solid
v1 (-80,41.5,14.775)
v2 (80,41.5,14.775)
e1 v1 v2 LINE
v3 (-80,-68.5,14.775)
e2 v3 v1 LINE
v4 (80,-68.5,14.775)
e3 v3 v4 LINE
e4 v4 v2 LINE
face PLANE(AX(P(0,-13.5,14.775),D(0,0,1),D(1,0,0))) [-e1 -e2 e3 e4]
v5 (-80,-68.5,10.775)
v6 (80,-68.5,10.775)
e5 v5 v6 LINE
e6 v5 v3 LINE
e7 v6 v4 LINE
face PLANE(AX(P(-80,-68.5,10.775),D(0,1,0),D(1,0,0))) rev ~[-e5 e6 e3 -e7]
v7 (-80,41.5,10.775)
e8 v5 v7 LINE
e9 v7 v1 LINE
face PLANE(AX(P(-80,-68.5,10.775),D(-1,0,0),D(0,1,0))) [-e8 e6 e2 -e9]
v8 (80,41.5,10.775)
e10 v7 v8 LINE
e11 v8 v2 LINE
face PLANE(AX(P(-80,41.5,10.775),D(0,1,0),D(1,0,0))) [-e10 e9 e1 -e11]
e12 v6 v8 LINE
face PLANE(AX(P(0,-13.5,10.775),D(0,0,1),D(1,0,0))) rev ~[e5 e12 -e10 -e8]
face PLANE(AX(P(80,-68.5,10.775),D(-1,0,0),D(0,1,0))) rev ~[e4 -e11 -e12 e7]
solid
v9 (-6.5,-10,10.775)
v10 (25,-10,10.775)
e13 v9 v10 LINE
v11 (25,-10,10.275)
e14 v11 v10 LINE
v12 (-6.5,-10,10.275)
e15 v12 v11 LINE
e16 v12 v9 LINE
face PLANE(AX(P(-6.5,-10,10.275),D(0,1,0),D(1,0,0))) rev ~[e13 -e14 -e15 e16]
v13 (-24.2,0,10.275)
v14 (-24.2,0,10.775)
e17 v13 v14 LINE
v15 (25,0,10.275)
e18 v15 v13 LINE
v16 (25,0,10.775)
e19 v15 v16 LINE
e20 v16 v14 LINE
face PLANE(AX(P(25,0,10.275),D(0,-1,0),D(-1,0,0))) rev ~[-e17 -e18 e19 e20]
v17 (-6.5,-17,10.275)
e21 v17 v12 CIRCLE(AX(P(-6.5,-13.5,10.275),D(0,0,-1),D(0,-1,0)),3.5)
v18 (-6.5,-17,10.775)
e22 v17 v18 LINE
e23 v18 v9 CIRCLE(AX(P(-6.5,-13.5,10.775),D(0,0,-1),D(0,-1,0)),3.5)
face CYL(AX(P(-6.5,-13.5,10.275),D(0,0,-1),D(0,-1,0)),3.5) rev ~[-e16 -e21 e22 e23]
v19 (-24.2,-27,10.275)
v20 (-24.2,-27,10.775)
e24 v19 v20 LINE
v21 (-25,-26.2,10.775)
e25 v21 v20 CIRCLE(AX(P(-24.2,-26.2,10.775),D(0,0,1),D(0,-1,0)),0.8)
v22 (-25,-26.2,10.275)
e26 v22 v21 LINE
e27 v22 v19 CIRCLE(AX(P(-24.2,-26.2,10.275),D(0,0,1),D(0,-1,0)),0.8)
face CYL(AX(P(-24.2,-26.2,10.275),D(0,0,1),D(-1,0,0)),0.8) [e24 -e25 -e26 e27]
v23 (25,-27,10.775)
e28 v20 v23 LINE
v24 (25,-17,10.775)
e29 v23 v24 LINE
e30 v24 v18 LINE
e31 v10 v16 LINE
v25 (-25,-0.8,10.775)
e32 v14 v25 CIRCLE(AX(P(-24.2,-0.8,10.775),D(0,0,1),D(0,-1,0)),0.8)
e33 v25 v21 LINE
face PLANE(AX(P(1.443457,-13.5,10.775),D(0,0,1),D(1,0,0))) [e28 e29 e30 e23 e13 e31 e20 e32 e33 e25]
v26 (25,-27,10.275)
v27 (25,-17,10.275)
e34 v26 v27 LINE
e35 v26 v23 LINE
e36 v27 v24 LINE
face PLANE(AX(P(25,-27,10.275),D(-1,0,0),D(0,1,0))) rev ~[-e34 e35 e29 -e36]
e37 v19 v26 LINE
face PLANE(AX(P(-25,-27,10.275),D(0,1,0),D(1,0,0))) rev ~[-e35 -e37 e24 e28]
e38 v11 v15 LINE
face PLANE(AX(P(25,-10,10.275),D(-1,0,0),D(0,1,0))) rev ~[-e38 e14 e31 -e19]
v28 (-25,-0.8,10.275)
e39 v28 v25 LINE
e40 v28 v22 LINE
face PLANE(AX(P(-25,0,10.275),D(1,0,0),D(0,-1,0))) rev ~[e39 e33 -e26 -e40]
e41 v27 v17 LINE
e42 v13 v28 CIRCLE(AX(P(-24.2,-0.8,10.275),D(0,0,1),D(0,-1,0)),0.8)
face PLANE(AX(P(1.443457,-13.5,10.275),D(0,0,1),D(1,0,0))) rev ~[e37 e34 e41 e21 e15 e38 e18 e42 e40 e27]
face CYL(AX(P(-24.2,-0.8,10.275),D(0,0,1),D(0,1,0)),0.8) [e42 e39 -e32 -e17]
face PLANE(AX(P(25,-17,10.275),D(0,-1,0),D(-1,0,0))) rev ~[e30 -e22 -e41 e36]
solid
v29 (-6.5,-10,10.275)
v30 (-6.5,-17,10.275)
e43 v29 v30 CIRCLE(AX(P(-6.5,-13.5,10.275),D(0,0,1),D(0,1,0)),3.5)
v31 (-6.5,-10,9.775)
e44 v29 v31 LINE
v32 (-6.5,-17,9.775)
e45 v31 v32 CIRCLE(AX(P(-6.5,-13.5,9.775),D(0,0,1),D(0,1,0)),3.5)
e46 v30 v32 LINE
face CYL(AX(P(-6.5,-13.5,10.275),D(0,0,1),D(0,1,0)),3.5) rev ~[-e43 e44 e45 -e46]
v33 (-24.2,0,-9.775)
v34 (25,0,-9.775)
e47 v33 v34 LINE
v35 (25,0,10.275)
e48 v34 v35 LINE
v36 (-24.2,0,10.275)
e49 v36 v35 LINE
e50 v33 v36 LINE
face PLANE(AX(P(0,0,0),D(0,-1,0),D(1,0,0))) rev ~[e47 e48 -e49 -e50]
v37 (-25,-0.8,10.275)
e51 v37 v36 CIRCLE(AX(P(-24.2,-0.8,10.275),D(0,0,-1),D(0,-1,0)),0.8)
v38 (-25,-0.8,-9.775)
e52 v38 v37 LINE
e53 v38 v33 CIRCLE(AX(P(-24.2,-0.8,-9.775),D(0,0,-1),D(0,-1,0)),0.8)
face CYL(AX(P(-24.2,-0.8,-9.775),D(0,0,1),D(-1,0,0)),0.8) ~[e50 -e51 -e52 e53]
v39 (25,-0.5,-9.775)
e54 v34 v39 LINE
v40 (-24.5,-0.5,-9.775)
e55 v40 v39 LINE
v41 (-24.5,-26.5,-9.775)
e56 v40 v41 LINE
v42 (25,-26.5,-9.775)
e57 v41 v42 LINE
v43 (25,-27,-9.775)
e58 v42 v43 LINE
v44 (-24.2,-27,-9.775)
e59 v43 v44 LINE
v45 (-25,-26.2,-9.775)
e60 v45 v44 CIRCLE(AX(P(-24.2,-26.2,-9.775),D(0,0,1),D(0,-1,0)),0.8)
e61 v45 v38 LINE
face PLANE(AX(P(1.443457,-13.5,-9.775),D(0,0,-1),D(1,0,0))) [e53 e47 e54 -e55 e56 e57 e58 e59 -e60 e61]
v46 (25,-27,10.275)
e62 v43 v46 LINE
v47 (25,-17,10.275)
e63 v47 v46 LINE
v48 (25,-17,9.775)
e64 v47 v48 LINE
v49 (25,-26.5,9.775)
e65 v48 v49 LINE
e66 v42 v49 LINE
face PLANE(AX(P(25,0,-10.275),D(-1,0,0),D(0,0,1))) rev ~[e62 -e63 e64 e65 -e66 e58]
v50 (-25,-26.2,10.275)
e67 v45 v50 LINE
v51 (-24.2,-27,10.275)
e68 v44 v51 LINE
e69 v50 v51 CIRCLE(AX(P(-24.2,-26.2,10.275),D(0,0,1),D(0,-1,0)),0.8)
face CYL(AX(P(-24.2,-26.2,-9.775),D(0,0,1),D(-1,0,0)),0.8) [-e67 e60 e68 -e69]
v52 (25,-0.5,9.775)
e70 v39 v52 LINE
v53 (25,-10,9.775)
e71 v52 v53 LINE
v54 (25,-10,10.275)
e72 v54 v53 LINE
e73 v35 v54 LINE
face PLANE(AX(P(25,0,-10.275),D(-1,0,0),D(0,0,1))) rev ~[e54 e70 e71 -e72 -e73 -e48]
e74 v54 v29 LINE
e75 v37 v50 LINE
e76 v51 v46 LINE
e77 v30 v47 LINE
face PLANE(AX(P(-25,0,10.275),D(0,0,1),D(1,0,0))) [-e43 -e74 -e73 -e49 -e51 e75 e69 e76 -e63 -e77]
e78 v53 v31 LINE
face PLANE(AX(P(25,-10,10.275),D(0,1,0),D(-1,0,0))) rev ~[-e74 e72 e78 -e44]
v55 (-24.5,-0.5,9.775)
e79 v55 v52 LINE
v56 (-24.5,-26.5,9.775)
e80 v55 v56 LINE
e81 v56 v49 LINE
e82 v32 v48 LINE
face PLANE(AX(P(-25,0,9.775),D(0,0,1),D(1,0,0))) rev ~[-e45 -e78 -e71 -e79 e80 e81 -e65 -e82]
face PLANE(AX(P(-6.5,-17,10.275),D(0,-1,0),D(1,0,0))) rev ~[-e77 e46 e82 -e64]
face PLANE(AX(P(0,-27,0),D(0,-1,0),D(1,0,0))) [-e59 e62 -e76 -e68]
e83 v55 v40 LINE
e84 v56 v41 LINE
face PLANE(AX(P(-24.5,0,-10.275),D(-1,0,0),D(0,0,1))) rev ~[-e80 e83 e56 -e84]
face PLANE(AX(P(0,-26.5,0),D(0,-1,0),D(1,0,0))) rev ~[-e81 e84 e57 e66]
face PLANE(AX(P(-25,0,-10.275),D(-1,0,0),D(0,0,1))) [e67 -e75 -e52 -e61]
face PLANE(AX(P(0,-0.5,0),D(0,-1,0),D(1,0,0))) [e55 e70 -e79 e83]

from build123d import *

# Parameters (mm, degrees)
F0_W      = 50
F0_H      = 20.55
F1_DEPTH  = 27
F2_T      = -0.5
F4_DEPTH  = 25
F6_DEPTH  = 0.5
F8_DEPTH  = 0.5
F9_R      = 0.8
F9_2_R    = 0.8
F10_W     = 160
F10_H     = 110
F11_DEPTH = 4


with BuildPart() as f1:
    # F0 (on Front) → F1 (new body)
    with BuildSketch(Plane.XZ):
        Rectangle(F0_W, F0_H)
    extrude(amount=F1_DEPTH)

    # F2
    f2_openings = [f1.faces().sort_by_distance(p)[0] for p in [
        (25, -13.5, 0),
    ]]
    offset(amount=F2_T, openings=f2_openings)

    # F3 (on face) → F4 (cut)
    with BuildSketch(Plane.XY.offset(10.275)):
        with BuildLine():
            ThreePointArc((-6.5, -17), (-4.0251262658, -15.9748737342), (-3, -13.5))
            ThreePointArc((-3, -13.5), (-4.0251262658, -11.0251262658), (-6.5, -10))
            ThreePointArc((-6.5, -10), (-10, -13.5), (-6.5, -17))
        make_face()
        with BuildLine():
            ThreePointArc((-6.5, -10), (-4.0251262658, -11.0251262658), (-3, -13.5))
            ThreePointArc((-3, -13.5), (-4.0251262658, -15.9748737342), (-6.5, -17))
            Line((-6.5, -17), (25, -17))
            Line((25, -17), (25, -10))
            Line((25, -10), (-6.5, -10))
        make_face()
    extrude(amount=-F4_DEPTH, mode=Mode.SUBTRACT)

    # F5 (on face) → F6 (cut)
    with BuildSketch(Plane(origin=(0, 0, -10.275), x_dir=(1, 0, 0), z_dir=(0, 0, -1))):
        with BuildLine():
            Line((25, 27), (-25, 27))
            Line((-25, 27), (-25, 0))
            Line((-25, 0), (25, 0))
            Line((25, 0), (25, 10))
            Line((25, 10), (-6.5, 10))
            ThreePointArc((-6.5, 10), (-10, 13.5), (-6.5, 17))
            Line((-6.5, 17), (25, 17))
            Line((25, 17), (25, 27))
        make_face()
    extrude(amount=-F6_DEPTH, mode=Mode.SUBTRACT)

    # F9
    f9_edges = [f1.edges().sort_by_distance(p)[0] for p in [
        (-25, -27, 0.25),
        (-25, 0, 0.25),
    ]]
    fillet(f9_edges, radius=F9_R)


with BuildPart() as f8:
    # F7 (on face) → F8 (new body)
    with BuildSketch(Plane.XY.offset(10.275)):
        with BuildLine():
            Line((25, -10), (25, 0))
            Line((25, 0), (-25, 0))
            Line((-25, 0), (-25, -27))
            Line((-25, -27), (25, -27))
            Line((25, -27), (25, -17))
            Line((25, -17), (-6.5, -17))
            ThreePointArc((-6.5, -17), (-10, -13.5), (-6.5, -10))
            Line((-6.5, -10), (25, -10))
        make_face()
    extrude(amount=F8_DEPTH)

    # F9#2
    f9_2_edges = [f8.edges().sort_by_distance(p)[0] for p in [
        (-25, -27, 10.525),
        (-25, 0, 10.525),
    ]]
    fillet(f9_2_edges, radius=F9_2_R)


with BuildPart() as f11:
    # F10 (on face) → F11 (new body)
    with BuildSketch(Plane.XY.offset(10.775)):
        with Locations((0, -13.5)):
            Rectangle(F10_W, F10_H)
        with BuildLine():
            Line((-24.2, 0), (25, 0))
            Line((25, 0), (25, -10))
            Line((25, -10), (-6.5, -10))
            ThreePointArc((-6.5, -10), (-10, -13.5), (-6.5, -17))
            Line((-6.5, -17), (25, -17))
            Line((25, -17), (25, -27))
            Line((25, -27), (-24.2, -27))
            ThreePointArc((-24.2, -27), (-24.7656854249, -26.7656854249), (-25, -26.2))
            Line((-25, -26.2), (-25, -0.8))
            ThreePointArc((-25, -0.8), (-24.7656854249, -0.2343145751), (-24.2, 0))
        make_face(mode=Mode.SUBTRACT)
        with BuildLine():
            Line((25, -10), (25, 0))
            Line((25, 0), (-24.2, 0))
            ThreePointArc((-24.2, 0), (-24.7656854249, -0.2343145751), (-25, -0.8))
            Line((-25, -0.8), (-25, -26.2))
            ThreePointArc((-25, -26.2), (-24.7656854249, -26.7656854249), (-24.2, -27))
            Line((-24.2, -27), (25, -27))
            Line((25, -27), (25, -17))
            Line((25, -17), (-6.5, -17))
            ThreePointArc((-6.5, -17), (-10, -13.5), (-6.5, -10))
            Line((-6.5, -10), (25, -10))
        make_face()
    extrude(amount=F11_DEPTH)


solid = Compound([f1.part, f8.part, f11.part])
